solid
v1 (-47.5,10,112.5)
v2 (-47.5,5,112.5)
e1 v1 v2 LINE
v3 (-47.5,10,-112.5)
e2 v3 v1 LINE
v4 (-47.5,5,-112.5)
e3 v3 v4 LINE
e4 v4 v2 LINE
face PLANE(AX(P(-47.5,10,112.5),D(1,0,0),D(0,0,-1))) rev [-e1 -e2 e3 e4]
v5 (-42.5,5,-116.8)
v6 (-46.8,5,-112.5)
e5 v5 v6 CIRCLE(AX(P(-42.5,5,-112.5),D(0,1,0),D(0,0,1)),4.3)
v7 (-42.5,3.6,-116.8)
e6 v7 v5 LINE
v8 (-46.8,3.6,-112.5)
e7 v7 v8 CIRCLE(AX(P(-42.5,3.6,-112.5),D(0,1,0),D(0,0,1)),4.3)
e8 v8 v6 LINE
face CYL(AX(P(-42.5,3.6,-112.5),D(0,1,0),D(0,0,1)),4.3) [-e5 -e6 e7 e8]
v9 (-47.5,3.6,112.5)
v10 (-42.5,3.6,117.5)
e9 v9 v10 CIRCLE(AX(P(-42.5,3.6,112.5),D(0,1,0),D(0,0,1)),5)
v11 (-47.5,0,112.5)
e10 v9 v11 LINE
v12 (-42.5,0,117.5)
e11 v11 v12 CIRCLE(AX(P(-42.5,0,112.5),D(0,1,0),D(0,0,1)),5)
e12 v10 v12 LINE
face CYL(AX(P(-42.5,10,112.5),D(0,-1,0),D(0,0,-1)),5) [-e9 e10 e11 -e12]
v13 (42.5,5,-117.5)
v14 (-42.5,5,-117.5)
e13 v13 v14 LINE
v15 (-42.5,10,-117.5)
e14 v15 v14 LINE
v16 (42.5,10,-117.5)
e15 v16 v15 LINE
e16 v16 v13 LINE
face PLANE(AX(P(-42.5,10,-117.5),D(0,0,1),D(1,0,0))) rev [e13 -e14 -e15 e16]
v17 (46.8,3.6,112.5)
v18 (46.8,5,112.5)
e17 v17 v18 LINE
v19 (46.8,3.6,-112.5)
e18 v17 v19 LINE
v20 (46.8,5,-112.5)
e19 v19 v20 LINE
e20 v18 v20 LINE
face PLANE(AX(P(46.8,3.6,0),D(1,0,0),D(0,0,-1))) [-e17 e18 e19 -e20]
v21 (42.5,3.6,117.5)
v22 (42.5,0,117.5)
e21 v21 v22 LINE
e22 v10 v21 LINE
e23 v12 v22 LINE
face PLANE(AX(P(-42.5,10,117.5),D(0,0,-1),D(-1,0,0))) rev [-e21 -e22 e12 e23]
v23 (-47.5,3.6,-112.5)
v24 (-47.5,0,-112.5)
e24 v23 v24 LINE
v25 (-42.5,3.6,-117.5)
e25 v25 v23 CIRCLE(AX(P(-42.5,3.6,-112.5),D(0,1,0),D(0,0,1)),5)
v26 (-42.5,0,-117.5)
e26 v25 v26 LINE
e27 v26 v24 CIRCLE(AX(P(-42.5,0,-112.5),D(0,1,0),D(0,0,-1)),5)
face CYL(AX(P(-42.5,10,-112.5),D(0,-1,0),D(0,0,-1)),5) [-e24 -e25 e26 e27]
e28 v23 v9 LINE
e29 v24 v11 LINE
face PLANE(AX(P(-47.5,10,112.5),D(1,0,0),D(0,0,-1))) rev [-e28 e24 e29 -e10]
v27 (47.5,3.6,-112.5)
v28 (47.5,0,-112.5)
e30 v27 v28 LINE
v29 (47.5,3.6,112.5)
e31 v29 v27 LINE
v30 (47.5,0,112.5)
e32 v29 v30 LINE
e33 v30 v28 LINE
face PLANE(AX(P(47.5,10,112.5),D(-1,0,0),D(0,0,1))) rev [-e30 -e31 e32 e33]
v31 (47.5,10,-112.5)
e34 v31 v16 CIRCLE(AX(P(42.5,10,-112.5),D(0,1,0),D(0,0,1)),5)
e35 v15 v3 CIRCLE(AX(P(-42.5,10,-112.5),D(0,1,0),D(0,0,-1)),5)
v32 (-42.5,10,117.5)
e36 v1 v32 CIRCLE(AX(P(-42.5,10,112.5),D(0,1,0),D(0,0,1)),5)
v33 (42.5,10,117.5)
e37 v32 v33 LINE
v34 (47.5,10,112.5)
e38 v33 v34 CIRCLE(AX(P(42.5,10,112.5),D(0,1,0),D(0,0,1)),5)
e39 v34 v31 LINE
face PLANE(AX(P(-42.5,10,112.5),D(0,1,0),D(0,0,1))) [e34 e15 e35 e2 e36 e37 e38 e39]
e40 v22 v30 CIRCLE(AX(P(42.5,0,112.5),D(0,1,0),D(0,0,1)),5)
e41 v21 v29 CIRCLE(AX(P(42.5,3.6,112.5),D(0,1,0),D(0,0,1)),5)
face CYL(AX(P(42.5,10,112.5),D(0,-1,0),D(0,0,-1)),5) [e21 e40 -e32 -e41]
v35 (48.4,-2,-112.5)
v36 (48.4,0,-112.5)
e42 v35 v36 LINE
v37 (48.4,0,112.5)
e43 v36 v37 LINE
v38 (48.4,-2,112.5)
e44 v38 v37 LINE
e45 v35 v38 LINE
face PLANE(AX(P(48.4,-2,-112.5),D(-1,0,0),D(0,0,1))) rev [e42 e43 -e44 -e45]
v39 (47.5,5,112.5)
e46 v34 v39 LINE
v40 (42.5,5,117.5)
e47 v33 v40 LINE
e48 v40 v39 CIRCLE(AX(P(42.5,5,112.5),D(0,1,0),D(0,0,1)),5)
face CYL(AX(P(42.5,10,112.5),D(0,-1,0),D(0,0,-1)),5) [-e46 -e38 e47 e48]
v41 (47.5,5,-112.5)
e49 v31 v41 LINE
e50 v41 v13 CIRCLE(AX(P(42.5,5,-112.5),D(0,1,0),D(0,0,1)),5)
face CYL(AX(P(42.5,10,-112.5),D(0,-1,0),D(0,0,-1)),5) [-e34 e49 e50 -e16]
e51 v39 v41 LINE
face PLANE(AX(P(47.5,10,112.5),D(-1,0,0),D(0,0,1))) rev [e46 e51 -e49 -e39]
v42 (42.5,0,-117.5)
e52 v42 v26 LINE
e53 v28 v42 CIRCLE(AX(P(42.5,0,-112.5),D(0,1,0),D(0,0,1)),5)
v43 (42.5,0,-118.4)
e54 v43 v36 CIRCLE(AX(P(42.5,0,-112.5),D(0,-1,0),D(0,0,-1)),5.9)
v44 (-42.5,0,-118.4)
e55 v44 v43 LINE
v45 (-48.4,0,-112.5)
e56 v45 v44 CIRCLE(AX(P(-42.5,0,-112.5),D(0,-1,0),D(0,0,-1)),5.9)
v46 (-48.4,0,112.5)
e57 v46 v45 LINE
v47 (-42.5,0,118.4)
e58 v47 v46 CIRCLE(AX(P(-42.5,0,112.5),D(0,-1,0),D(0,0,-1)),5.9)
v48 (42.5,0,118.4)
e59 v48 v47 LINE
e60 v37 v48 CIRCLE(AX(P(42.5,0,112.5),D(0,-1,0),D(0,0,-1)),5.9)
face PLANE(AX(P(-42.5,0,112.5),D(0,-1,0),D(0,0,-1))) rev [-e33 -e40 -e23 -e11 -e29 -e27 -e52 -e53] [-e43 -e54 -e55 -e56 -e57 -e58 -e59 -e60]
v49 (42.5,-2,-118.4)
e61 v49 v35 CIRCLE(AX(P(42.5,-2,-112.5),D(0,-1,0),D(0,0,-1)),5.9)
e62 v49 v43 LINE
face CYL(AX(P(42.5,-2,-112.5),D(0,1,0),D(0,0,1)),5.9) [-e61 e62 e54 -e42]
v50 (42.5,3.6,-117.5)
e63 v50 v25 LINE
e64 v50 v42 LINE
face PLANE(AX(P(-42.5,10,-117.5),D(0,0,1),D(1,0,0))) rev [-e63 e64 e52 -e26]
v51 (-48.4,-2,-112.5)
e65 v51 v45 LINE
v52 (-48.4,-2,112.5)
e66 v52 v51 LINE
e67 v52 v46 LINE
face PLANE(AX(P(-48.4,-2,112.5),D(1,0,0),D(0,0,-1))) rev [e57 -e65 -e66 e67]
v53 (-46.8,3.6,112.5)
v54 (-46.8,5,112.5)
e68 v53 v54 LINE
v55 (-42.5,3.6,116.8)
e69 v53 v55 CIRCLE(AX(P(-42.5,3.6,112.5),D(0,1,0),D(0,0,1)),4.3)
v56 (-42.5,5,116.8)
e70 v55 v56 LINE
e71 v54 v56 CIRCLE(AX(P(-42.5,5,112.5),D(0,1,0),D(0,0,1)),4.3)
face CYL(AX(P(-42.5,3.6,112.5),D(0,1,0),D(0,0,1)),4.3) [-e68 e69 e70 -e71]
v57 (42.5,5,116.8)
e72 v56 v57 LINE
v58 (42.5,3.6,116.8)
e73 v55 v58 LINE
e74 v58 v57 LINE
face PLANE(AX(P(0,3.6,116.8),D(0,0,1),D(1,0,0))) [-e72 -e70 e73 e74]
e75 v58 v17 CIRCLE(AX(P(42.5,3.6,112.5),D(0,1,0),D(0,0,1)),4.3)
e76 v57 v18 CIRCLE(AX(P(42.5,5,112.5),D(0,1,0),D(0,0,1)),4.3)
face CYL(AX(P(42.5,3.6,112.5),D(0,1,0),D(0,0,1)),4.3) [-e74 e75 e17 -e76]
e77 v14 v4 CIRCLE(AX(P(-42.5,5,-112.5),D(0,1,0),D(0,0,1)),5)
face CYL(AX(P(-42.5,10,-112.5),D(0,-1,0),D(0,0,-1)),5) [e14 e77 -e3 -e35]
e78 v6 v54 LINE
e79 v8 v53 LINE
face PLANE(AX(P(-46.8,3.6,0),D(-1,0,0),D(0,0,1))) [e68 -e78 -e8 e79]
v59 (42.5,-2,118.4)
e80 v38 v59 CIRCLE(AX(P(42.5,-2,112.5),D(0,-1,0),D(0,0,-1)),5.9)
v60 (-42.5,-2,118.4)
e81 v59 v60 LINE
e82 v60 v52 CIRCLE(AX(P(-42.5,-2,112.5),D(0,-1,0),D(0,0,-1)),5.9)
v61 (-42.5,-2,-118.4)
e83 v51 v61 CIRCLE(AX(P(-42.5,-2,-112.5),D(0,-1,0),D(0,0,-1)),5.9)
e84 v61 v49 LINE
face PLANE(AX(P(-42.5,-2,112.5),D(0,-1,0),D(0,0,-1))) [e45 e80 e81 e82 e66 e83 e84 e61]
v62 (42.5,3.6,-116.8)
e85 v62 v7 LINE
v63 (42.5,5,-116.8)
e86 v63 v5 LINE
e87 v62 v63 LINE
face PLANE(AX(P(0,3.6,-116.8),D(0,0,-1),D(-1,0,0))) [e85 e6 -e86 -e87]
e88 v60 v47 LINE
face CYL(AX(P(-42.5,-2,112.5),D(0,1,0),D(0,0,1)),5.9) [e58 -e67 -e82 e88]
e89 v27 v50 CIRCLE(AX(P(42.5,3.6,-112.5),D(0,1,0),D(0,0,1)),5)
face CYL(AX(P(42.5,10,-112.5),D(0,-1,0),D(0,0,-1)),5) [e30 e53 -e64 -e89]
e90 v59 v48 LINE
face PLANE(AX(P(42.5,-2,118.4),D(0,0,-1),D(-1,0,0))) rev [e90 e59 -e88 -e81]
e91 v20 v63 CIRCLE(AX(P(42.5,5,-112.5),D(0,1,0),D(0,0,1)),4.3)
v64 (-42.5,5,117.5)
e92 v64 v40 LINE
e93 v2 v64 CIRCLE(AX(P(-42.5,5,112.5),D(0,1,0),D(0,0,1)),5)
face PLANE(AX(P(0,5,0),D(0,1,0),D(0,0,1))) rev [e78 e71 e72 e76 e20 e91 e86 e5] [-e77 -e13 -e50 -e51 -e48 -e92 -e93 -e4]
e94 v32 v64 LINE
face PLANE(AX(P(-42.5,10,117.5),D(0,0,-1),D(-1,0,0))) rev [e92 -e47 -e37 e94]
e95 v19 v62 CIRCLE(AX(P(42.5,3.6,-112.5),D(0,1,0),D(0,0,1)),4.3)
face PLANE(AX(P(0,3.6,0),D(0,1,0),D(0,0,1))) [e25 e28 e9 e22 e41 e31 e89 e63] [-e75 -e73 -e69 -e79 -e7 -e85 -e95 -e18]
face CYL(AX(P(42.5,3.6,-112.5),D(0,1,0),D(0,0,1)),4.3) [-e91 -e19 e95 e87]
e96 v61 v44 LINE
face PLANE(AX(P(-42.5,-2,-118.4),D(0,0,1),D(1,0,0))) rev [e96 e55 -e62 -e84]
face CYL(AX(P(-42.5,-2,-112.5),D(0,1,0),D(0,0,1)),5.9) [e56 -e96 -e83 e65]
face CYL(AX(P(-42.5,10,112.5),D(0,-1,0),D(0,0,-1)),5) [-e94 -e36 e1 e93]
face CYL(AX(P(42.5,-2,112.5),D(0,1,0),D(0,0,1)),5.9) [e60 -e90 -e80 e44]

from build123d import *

# Parameters (mm, degrees)
BOSS_EXTRUDE1_DEPTH = 10
BOSS_EXTRUDE2_DEPTH = 2
CUT_EXTRUDE1_START  = -6.4
CUT_EXTRUDE1_DEPTH  = 1.4


with BuildPart() as part:
    # Sketch1 → Boss-Extrude1 (new body)
    with BuildSketch(Plane(origin=(0, 0, 0), x_dir=(1, 0, 0), z_dir=(0, 1, 0))):
        with BuildLine():
            Line((-42.5, -117.5), (42.5, -117.5))
            ThreePointArc((42.5, -117.5), (46.035533906, -116.035533906), (47.5, -112.5))
            Line((47.5, -112.5), (47.5, 112.5))
            ThreePointArc((47.5, 112.5), (46.035533906, 116.035533906), (42.5, 117.5))
            Line((42.5, 117.5), (-42.5, 117.5))
            ThreePointArc((-42.5, 117.5), (-46.035533906, 116.035533906), (-47.5, 112.5))
            Line((-47.5, 112.5), (-47.5, -112.5))
            ThreePointArc((-47.5, -112.5), (-46.035533906, -116.035533906), (-42.5, -117.5))
        make_face()
    extrude(amount=BOSS_EXTRUDE1_DEPTH)

    # Sketch2 → Boss-Extrude2 (add)
    with BuildSketch(Plane.XZ):
        with BuildLine():
            Line((-48.4, 112.5), (-48.4, -112.5))
            ThreePointArc((-48.4, -112.5), (-46.671930009, -116.671930009), (-42.5, -118.4))
            Line((-42.5, -118.4), (42.5, -118.4))
            ThreePointArc((42.5, -118.4), (46.671930009, -116.671930009), (48.4, -112.5))
            Line((48.4, -112.5), (48.4, 112.5))
            ThreePointArc((48.4, 112.5), (46.671930009, 116.671930009), (42.5, 118.4))
            Line((42.5, 118.4), (-42.5, 118.4))
            ThreePointArc((-42.5, 118.4), (-46.671930009, 116.671930009), (-48.4, 112.5))
        make_face()
    extrude(amount=BOSS_EXTRUDE2_DEPTH)

    # Sketch3 → Cut-Extrude1 (cut)
    with BuildSketch(Plane(origin=(0, 10, 0), x_dir=(1, 0, 0), z_dir=(0, 1, 0)).offset(CUT_EXTRUDE1_START)):
        with BuildLine():
            Line((-47.5, 112.5), (-47.5, -112.5))
            ThreePointArc((-47.5, -112.5), (-46.035533906, -116.035533906), (-42.5, -117.5))
            Line((-42.5, -117.5), (42.5, -117.5))
            ThreePointArc((42.5, -117.5), (46.035533906, -116.035533906), (47.5, -112.5))
            Line((47.5, -112.5), (47.5, 112.5))
            ThreePointArc((47.5, 112.5), (46.035533906, 116.035533906), (42.5, 117.5))
            Line((42.5, 117.5), (-42.5, 117.5))
            ThreePointArc((-42.5, 117.5), (-46.035533906, 116.035533906), (-47.5, 112.5))
        make_face()
        with BuildLine():
            ThreePointArc((-42.5, 116.8), (-45.540559159, 115.540559159), (-46.8, 112.5))
            Line((-46.8, 112.5), (-46.8, -112.5))
            ThreePointArc((-46.8, -112.5), (-45.540559159, -115.540559159), (-42.5, -116.8))
            Line((-42.5, -116.8), (42.5, -116.8))
            ThreePointArc((42.5, -116.8), (45.540559159, -115.540559159), (46.8, -112.5))
            Line((46.8, -112.5), (46.8, 112.5))
            ThreePointArc((46.8, 112.5), (45.540559159, 115.540559159), (42.5, 116.8))
            Line((42.5, 116.8), (-42.5, 116.8))
        make_face(mode=Mode.SUBTRACT)
    extrude(amount=CUT_EXTRUDE1_DEPTH, mode=Mode.SUBTRACT)


solid = part.part
